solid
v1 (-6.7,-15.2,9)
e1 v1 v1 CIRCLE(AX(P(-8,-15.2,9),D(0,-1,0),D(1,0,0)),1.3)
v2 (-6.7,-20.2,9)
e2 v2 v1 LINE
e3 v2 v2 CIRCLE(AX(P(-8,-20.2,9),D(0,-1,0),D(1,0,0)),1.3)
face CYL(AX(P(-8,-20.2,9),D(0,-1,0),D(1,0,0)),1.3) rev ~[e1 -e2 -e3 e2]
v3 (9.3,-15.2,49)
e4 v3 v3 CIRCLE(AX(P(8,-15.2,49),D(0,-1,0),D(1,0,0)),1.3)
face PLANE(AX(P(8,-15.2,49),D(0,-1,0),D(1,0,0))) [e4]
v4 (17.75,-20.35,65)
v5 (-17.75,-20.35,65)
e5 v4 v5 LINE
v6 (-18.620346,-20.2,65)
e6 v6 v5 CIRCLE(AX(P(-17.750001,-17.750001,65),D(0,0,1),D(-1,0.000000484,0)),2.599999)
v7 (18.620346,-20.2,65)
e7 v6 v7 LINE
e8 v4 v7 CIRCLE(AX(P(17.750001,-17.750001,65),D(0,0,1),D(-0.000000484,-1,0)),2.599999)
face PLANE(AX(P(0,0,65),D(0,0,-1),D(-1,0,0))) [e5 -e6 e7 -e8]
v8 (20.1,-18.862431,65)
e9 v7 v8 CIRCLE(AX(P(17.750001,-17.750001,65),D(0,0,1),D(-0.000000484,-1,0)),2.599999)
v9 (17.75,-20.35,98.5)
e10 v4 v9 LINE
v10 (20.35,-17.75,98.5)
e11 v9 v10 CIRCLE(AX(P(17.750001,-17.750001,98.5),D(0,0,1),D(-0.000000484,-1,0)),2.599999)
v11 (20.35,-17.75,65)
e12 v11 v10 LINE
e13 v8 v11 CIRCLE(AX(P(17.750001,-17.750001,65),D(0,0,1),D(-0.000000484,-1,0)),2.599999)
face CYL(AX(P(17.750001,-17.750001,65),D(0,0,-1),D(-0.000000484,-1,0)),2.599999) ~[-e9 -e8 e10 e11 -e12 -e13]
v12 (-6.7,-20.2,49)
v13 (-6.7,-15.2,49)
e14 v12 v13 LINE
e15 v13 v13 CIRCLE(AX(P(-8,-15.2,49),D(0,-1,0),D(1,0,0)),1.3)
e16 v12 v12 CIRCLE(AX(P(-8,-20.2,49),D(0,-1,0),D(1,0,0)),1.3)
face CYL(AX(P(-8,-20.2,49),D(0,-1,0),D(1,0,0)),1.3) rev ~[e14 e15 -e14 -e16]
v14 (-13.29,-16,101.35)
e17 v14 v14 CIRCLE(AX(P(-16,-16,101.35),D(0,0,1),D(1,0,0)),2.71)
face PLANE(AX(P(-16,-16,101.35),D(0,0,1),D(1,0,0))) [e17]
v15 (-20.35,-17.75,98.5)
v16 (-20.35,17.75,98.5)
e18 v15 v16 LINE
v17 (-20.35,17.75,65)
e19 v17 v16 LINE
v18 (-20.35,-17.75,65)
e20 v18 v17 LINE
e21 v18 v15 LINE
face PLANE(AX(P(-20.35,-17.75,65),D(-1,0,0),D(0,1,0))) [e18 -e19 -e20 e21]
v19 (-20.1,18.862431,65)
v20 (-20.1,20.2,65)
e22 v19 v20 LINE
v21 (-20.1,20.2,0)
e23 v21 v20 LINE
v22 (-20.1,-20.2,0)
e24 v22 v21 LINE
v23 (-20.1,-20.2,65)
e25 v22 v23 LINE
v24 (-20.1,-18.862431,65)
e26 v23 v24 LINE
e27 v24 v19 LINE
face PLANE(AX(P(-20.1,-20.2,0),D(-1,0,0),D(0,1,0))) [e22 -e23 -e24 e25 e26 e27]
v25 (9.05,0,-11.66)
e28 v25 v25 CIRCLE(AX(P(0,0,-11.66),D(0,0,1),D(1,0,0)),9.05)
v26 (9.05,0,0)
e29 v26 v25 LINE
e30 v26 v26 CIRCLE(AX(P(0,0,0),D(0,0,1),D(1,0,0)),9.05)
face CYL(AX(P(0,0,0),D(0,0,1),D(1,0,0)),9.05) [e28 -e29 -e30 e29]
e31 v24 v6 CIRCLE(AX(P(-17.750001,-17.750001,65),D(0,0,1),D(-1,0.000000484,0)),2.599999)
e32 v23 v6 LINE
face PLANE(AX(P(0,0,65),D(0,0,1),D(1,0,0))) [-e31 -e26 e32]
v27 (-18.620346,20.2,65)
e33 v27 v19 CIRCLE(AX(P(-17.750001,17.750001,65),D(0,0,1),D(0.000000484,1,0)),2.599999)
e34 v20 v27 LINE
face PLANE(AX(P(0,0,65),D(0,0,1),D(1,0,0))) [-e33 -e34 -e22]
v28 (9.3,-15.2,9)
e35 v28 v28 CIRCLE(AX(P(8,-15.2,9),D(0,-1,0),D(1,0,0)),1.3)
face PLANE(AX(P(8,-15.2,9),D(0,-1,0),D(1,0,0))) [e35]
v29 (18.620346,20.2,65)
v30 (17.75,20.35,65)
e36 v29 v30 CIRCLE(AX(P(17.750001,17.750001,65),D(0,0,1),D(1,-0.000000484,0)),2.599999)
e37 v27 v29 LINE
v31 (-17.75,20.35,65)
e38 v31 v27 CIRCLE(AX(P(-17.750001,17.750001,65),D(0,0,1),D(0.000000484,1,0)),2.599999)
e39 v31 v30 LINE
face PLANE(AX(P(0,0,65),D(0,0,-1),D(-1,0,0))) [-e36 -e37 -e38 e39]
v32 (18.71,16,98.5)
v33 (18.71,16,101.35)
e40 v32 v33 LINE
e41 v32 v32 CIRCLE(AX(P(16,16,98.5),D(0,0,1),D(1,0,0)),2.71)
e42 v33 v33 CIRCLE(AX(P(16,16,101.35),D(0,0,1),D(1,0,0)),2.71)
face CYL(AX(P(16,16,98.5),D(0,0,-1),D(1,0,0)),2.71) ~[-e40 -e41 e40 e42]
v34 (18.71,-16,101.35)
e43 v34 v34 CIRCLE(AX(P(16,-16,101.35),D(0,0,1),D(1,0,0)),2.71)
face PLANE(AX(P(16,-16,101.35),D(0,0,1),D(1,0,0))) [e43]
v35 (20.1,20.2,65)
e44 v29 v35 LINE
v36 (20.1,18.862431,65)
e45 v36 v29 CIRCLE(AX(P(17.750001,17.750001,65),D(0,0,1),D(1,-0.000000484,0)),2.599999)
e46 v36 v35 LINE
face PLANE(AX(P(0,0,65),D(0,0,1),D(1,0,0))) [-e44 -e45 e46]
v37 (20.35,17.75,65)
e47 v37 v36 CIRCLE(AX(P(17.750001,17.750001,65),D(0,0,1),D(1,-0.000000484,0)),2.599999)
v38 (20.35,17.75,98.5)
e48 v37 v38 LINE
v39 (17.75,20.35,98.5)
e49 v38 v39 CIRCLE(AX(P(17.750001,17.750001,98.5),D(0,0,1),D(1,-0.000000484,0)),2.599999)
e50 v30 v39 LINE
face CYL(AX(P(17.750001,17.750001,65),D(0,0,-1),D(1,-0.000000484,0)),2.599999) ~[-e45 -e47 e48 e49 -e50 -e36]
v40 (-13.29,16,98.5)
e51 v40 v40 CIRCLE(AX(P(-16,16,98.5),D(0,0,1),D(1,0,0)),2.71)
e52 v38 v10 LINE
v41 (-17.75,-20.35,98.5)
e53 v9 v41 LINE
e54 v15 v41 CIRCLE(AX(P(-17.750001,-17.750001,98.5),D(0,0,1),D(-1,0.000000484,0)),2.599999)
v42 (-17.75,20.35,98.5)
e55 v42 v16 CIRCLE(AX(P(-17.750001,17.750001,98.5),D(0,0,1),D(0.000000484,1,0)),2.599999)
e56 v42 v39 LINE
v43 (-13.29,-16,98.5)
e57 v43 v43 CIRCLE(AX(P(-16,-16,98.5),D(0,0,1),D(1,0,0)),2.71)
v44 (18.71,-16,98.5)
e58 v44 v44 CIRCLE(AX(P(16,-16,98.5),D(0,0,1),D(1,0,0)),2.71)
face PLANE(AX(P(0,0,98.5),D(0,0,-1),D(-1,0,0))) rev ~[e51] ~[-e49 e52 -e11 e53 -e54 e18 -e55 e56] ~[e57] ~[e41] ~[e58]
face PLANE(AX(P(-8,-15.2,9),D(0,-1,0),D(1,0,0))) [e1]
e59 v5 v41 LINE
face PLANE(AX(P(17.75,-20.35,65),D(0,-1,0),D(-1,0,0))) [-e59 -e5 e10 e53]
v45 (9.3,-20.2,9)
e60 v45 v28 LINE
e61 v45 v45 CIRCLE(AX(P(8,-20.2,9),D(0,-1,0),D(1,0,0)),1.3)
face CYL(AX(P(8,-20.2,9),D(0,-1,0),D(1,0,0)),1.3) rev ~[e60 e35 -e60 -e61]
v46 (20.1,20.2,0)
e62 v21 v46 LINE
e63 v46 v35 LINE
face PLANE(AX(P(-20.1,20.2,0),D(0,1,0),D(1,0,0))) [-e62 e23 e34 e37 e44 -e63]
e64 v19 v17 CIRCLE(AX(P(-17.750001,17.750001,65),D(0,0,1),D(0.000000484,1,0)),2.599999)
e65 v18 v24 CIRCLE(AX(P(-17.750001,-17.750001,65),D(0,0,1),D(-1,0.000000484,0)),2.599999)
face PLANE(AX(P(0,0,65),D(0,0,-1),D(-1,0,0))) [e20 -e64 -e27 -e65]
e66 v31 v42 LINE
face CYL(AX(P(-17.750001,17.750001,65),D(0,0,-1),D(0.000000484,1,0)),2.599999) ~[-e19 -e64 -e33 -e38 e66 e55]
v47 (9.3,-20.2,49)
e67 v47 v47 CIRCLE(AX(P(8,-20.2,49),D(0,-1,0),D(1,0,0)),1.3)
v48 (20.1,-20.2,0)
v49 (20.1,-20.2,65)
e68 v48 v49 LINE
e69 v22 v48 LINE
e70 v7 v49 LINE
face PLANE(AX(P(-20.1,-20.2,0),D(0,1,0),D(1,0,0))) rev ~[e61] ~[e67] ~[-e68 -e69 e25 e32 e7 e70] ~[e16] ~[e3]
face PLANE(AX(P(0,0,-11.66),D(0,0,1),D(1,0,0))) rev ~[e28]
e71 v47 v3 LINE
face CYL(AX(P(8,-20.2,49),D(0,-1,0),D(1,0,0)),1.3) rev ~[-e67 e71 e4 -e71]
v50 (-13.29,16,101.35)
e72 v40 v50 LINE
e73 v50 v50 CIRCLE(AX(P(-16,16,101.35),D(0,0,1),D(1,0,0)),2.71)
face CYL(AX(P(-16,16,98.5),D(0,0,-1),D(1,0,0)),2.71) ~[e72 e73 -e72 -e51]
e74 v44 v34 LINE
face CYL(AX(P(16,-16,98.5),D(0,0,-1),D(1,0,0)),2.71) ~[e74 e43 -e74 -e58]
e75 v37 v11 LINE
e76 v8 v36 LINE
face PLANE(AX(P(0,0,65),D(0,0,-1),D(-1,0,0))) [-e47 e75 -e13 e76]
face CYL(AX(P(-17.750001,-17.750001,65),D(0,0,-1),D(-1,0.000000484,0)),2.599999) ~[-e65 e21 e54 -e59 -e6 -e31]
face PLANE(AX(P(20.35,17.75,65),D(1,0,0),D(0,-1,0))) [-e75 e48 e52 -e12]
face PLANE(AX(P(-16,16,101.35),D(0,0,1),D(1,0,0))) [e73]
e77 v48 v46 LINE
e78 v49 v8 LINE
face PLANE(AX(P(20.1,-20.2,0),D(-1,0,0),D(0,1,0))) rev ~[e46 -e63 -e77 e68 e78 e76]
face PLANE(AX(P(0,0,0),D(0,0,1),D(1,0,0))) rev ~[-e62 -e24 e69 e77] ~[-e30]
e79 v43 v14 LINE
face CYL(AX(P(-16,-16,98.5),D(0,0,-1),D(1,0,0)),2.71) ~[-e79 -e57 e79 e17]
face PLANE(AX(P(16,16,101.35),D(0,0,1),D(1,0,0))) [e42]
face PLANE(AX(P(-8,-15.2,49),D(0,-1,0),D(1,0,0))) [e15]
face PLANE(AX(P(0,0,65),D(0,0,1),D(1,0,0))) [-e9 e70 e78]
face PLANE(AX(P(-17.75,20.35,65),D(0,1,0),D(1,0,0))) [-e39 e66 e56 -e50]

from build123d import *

# Parameters (mm, degrees)
SKETCH070_W     = 40.2
SKETCH070_H     = 40.4
PAD024_DEPTH    = 65
SKETCH071_R     = 1.3
POCKET037_DEPTH = 5
PAD025_DEPTH    = 33.5
SKETCH073_R     = 9.05
PAD026_DEPTH    = 11.66
SKETCH074_R     = 2.71
PAD027_DEPTH    = 2.85


with BuildPart() as part:
    # Sketch070 → Pad024 (new body)
    with BuildSketch(Plane.XY):
        Rectangle(SKETCH070_W, SKETCH070_H)
    extrude(amount=PAD024_DEPTH)

    # Sketch071 → Pocket037 (cut)
    with BuildSketch(Plane.XZ.offset(20.2)):
        with Locations((8, 9)):
            Circle(SKETCH071_R)
        with Locations((-8, 9)):
            Circle(SKETCH071_R)
        with Locations((-8, 49)):
            Circle(SKETCH071_R)
        with Locations((8, 49)):
            Circle(SKETCH071_R)
    extrude(amount=-POCKET037_DEPTH, mode=Mode.SUBTRACT)

    # Sketch072 → Pad025 (join)
    with BuildSketch(Plane.XY.offset(65)):
        with BuildLine():
            Line((-17.75, 20.35), (17.75, 20.35))
            ThreePointArc((20.35, 17.75), (19.588478, 19.588478), (17.75, 20.35))
            Line((20.35, 17.75), (20.35, -17.75))
            ThreePointArc((17.75, -20.35), (19.588478, -19.588478), (20.35, -17.75))
            Line((17.75, -20.35), (-17.75, -20.35))
            ThreePointArc((-20.35, -17.75), (-19.588478, -19.588478), (-17.75, -20.35))
            Line((-20.35, -17.75), (-20.35, 17.75))
            ThreePointArc((-17.75, 20.35), (-19.588478, 19.588478), (-20.35, 17.75))
        make_face()
    extrude(amount=PAD025_DEPTH)

    # Sketch073 → Pad026 (join)
    with BuildSketch(Plane.XY):
        Circle(SKETCH073_R)
    extrude(amount=-PAD026_DEPTH)

    # Sketch074 → Pad027 (join)
    with BuildSketch(Plane.XY.offset(98.5)):
        with Locations((-16, 16)):
            Circle(SKETCH074_R)
        with Locations((16, 16)):
            Circle(SKETCH074_R)
        with Locations((16, -16)):
            Circle(SKETCH074_R)
        with Locations((-16, -16)):
            Circle(SKETCH074_R)
    extrude(amount=PAD027_DEPTH)


solid = part.part
